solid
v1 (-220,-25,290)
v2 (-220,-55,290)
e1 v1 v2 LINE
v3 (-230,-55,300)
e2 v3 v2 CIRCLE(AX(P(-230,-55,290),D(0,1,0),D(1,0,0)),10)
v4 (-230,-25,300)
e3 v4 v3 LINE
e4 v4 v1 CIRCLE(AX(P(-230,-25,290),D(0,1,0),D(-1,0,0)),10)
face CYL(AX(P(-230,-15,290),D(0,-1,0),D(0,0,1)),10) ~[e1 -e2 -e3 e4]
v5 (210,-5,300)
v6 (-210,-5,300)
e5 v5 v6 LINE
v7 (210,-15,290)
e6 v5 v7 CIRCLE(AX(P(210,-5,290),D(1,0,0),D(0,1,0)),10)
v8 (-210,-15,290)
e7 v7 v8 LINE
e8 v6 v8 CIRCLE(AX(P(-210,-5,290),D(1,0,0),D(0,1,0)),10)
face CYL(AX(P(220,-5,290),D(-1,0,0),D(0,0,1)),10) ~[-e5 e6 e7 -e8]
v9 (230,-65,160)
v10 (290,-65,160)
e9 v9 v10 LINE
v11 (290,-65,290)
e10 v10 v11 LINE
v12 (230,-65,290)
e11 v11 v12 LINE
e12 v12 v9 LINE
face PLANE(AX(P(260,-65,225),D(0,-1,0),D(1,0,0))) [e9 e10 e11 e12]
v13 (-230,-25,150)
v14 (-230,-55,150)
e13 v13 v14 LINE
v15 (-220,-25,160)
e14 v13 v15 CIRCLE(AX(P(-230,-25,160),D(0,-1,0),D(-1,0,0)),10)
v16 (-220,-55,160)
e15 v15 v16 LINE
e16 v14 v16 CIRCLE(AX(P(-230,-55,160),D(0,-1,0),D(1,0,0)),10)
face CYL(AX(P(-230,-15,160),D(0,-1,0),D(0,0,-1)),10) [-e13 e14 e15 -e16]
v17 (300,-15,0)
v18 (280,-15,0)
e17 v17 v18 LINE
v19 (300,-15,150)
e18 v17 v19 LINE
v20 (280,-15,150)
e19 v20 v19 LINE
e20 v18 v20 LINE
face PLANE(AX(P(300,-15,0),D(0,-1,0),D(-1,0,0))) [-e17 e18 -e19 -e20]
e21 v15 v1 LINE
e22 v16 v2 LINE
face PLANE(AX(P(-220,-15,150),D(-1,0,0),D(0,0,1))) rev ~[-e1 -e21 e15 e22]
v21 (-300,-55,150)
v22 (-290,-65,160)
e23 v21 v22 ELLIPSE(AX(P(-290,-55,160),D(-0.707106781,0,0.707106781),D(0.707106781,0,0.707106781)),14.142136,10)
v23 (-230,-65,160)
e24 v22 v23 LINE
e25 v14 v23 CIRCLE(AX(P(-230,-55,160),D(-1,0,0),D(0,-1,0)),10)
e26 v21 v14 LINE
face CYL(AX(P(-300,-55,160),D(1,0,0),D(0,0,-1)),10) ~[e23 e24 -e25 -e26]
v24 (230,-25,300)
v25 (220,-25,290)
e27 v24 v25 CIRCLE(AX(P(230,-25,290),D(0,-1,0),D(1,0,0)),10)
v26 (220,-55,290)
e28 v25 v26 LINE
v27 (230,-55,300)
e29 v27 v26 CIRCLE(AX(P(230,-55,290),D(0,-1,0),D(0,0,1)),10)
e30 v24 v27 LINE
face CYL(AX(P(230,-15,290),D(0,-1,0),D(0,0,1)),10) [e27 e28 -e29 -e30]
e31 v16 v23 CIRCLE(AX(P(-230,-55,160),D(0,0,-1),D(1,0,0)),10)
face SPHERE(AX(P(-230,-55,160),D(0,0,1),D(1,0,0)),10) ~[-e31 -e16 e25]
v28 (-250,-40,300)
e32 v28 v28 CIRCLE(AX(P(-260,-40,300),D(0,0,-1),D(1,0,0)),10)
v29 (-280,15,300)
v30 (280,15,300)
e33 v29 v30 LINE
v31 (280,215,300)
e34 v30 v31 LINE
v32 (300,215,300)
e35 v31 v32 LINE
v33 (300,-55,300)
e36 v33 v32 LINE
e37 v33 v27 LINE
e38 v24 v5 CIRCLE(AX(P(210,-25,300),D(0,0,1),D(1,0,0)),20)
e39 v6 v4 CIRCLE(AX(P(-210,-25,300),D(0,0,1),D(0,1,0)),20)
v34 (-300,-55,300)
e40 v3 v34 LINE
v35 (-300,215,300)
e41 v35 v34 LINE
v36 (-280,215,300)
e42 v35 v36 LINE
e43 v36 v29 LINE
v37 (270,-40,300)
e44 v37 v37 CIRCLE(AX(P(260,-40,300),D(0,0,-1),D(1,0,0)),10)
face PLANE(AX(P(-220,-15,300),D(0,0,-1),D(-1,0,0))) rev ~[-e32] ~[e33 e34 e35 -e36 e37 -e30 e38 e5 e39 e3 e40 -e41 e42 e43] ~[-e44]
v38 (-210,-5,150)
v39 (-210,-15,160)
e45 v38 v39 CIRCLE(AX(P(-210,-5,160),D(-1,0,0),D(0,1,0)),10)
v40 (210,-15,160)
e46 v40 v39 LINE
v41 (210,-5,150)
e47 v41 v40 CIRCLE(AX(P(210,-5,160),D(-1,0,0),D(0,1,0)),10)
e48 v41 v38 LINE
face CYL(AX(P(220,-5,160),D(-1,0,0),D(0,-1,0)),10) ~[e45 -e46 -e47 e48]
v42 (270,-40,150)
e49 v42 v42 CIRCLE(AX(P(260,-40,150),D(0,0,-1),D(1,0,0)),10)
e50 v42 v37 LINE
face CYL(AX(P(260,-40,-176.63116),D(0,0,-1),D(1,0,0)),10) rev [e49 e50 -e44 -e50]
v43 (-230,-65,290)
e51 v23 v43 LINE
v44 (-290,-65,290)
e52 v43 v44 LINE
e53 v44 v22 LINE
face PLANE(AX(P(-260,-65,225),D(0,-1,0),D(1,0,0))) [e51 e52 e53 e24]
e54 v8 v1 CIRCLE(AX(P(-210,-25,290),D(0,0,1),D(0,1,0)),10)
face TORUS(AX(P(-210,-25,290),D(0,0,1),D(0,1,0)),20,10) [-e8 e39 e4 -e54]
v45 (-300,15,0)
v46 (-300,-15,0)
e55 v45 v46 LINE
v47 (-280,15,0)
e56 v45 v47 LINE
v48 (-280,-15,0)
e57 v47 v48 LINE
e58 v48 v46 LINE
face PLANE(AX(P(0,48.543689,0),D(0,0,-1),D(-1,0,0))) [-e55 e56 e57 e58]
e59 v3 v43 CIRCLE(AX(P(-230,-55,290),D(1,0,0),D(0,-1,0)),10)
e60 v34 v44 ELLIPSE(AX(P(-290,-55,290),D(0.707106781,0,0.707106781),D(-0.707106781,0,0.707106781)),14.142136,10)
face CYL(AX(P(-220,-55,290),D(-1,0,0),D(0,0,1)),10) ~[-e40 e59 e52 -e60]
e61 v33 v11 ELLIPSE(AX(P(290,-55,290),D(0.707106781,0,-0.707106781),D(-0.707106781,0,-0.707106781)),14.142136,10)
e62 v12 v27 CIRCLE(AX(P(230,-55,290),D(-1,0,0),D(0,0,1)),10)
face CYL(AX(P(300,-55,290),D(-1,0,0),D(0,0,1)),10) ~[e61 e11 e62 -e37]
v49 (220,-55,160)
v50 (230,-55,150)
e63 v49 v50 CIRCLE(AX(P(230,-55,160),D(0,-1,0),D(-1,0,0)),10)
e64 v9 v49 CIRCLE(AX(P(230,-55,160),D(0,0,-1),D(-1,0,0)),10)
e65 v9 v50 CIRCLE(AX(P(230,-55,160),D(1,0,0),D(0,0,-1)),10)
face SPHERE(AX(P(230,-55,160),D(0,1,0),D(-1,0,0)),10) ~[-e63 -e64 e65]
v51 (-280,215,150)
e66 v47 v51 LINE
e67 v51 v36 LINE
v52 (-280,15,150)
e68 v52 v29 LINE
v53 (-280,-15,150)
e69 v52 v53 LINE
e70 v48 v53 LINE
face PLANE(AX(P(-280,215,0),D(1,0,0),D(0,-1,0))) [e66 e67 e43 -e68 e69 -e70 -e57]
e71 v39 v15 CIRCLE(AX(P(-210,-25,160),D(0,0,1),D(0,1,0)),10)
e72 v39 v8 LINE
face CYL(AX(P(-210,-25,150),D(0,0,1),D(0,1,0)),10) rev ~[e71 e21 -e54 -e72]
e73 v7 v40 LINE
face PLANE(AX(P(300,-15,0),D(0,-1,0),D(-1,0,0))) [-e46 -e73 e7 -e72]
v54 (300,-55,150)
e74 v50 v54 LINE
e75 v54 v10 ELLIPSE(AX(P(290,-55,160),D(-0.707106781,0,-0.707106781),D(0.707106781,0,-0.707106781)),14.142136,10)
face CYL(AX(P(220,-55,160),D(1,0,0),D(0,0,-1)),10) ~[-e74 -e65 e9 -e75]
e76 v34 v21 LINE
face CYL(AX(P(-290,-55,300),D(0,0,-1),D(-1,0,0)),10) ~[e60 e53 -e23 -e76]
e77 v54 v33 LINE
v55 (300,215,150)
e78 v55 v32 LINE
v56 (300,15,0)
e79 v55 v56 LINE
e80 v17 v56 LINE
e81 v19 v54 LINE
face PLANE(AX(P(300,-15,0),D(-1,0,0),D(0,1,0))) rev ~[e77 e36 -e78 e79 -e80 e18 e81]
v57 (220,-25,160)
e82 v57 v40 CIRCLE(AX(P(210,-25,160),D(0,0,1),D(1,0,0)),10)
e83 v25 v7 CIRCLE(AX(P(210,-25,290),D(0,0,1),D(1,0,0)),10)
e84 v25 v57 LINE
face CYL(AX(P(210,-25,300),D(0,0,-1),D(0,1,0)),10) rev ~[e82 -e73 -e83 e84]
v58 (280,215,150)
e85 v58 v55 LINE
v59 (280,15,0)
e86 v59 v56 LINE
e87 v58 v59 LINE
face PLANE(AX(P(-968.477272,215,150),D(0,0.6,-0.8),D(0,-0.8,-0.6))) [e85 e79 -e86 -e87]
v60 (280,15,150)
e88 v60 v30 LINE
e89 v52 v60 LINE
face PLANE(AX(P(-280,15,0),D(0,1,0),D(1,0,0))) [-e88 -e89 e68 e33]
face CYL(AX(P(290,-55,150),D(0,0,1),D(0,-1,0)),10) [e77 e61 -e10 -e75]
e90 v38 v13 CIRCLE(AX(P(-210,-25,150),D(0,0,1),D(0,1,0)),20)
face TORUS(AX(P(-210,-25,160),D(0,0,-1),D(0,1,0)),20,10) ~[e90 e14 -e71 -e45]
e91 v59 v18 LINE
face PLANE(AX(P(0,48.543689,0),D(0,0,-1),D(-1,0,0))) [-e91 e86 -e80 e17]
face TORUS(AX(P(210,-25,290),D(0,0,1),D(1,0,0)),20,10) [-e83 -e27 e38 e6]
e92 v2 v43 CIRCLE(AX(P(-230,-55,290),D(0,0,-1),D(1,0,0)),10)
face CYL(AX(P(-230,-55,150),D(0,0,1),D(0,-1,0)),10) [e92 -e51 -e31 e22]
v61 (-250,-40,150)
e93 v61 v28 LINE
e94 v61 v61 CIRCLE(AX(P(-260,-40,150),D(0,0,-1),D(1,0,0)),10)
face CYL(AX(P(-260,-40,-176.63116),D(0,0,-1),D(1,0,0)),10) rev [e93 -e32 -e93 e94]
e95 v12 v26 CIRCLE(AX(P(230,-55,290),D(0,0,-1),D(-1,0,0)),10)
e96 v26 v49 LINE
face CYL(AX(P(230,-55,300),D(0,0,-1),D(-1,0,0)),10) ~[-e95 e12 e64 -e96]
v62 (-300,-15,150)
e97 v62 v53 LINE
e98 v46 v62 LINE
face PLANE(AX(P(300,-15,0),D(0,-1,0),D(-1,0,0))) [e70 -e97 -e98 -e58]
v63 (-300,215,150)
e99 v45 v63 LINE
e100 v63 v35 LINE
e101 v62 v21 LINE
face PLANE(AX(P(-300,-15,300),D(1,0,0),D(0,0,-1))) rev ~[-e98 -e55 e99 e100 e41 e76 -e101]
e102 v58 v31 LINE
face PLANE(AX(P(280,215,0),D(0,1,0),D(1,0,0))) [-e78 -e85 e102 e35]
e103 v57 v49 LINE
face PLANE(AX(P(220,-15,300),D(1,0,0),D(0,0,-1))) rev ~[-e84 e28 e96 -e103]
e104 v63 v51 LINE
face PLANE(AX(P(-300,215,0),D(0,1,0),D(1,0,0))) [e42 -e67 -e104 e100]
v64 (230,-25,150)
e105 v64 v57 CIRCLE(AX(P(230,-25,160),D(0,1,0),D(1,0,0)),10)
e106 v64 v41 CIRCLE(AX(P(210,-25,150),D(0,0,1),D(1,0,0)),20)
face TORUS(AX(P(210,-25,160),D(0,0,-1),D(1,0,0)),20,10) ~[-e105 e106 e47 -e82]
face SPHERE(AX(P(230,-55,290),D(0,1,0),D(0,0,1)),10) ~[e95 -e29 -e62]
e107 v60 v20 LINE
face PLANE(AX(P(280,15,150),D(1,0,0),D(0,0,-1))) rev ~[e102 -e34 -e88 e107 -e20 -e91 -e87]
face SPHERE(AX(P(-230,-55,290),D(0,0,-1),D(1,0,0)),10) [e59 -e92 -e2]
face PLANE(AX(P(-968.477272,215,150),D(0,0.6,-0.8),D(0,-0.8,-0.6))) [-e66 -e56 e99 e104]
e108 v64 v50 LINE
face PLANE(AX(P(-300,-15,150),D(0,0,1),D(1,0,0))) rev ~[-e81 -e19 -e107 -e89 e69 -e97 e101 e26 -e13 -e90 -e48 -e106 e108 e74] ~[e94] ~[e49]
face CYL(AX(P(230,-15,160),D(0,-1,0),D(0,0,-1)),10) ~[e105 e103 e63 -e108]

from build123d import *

# Parameters (mm, degrees)
EXTRUDE_1_DEPTH          = 300
CUT_EXTRUDE_1_DEPTH      = 688.477272352
CUT_EXTRUDE_1_DEPTH_BACK = 688.477272352
SKETCH_3_W               = 560
SKETCH_3_H               = 150
CUT_EXTRUDE_2_DEPTH      = 470.041575982
EXTRUDE_2_DEPTH          = 50
FILLET_1_R               = 10
CUT_EXTRUDE_3_DEPTH      = 476.631159618
CUT_EXTRUDE_3_DEPTH_BACK = 476.631159618
SKETCH_5_R               = 10


with BuildPart() as part:
    # Эскиз1 → Бобышка-Вытянуть1 (new body)
    with BuildSketch(Plane.XY):
        Polygon((-300, -15), (-300, 0), (-300, 215), (-280, 215), (-280, 15), (280, 15), (280, 215), (300, 215), (300, 0), (300, -15), align=None)
    extrude(amount=EXTRUDE_1_DEPTH)

    # Эскиз2 → Вырез-Вытянуть1 (cut, two sides: drawn at the far end of the back side and taken through both)
    with BuildSketch(Plane(origin=(-280, 0, 0), x_dir=(0, 0, -1), z_dir=(1, 0, 0)).offset(-CUT_EXTRUDE_1_DEPTH_BACK)):
        Polygon((-150, 215), (0, 15), (0, 215), align=None)
    extrude(amount=CUT_EXTRUDE_1_DEPTH + CUT_EXTRUDE_1_DEPTH_BACK, mode=Mode.SUBTRACT)

    # Эскиз3 → Вырез-Вытянуть2 (cut, through all)
    with BuildSketch(Plane(origin=(0, 15, 0), x_dir=(1, 0, 0), z_dir=(0, 1, 0))):
        with Locations((0, -75)):
            Rectangle(SKETCH_3_W, SKETCH_3_H)
    extrude(amount=-CUT_EXTRUDE_2_DEPTH, mode=Mode.SUBTRACT)

    # Эскиз4 → Бобышка-Вытянуть2 (add)
    with BuildSketch(Plane.XZ.offset(15)):
        Polygon((-220, 300), (-300, 300), (-300, 150), (-280, 150), (-220, 150), align=None)
        Polygon((300, 300), (220, 300), (220, 150), (280, 150), (300, 150), align=None)
    extrude(amount=EXTRUDE_2_DEPTH)

    # Скругление1
    fillet_1_edges = [part.edges().sort_by_distance(p)[0] for p in [
        (0, -15, 150),
        (-220, -65, 225),
        (-220, -40, 150),
        (-220, -40, 300),
        (-260, -65, 150),
        (-260, -65, 300),
        (-300, -65, 225),
        (-220, -15, 225),
        (0, -15, 300),
        (220, -15, 225),
        (220, -40, 300),
        (220, -40, 150),
        (260, -65, 300),
        (220, -65, 225),
        (260, -65, 150),
        (300, -65, 225),
    ]]
    fillet(fillet_1_edges, radius=FILLET_1_R)

    # Эскиз5 → Вырез-Вытянуть3 (cut, two sides: drawn at the far end of the back side and taken through both)
    with BuildSketch(Plane.XY.offset(300).offset(-CUT_EXTRUDE_3_DEPTH_BACK)):
        with Locations((-260, -40)):
            Circle(SKETCH_5_R)
        with Locations((260, -40)):
            Circle(SKETCH_5_R)
    extrude(amount=CUT_EXTRUDE_3_DEPTH + CUT_EXTRUDE_3_DEPTH_BACK, mode=Mode.SUBTRACT)


solid = part.part
